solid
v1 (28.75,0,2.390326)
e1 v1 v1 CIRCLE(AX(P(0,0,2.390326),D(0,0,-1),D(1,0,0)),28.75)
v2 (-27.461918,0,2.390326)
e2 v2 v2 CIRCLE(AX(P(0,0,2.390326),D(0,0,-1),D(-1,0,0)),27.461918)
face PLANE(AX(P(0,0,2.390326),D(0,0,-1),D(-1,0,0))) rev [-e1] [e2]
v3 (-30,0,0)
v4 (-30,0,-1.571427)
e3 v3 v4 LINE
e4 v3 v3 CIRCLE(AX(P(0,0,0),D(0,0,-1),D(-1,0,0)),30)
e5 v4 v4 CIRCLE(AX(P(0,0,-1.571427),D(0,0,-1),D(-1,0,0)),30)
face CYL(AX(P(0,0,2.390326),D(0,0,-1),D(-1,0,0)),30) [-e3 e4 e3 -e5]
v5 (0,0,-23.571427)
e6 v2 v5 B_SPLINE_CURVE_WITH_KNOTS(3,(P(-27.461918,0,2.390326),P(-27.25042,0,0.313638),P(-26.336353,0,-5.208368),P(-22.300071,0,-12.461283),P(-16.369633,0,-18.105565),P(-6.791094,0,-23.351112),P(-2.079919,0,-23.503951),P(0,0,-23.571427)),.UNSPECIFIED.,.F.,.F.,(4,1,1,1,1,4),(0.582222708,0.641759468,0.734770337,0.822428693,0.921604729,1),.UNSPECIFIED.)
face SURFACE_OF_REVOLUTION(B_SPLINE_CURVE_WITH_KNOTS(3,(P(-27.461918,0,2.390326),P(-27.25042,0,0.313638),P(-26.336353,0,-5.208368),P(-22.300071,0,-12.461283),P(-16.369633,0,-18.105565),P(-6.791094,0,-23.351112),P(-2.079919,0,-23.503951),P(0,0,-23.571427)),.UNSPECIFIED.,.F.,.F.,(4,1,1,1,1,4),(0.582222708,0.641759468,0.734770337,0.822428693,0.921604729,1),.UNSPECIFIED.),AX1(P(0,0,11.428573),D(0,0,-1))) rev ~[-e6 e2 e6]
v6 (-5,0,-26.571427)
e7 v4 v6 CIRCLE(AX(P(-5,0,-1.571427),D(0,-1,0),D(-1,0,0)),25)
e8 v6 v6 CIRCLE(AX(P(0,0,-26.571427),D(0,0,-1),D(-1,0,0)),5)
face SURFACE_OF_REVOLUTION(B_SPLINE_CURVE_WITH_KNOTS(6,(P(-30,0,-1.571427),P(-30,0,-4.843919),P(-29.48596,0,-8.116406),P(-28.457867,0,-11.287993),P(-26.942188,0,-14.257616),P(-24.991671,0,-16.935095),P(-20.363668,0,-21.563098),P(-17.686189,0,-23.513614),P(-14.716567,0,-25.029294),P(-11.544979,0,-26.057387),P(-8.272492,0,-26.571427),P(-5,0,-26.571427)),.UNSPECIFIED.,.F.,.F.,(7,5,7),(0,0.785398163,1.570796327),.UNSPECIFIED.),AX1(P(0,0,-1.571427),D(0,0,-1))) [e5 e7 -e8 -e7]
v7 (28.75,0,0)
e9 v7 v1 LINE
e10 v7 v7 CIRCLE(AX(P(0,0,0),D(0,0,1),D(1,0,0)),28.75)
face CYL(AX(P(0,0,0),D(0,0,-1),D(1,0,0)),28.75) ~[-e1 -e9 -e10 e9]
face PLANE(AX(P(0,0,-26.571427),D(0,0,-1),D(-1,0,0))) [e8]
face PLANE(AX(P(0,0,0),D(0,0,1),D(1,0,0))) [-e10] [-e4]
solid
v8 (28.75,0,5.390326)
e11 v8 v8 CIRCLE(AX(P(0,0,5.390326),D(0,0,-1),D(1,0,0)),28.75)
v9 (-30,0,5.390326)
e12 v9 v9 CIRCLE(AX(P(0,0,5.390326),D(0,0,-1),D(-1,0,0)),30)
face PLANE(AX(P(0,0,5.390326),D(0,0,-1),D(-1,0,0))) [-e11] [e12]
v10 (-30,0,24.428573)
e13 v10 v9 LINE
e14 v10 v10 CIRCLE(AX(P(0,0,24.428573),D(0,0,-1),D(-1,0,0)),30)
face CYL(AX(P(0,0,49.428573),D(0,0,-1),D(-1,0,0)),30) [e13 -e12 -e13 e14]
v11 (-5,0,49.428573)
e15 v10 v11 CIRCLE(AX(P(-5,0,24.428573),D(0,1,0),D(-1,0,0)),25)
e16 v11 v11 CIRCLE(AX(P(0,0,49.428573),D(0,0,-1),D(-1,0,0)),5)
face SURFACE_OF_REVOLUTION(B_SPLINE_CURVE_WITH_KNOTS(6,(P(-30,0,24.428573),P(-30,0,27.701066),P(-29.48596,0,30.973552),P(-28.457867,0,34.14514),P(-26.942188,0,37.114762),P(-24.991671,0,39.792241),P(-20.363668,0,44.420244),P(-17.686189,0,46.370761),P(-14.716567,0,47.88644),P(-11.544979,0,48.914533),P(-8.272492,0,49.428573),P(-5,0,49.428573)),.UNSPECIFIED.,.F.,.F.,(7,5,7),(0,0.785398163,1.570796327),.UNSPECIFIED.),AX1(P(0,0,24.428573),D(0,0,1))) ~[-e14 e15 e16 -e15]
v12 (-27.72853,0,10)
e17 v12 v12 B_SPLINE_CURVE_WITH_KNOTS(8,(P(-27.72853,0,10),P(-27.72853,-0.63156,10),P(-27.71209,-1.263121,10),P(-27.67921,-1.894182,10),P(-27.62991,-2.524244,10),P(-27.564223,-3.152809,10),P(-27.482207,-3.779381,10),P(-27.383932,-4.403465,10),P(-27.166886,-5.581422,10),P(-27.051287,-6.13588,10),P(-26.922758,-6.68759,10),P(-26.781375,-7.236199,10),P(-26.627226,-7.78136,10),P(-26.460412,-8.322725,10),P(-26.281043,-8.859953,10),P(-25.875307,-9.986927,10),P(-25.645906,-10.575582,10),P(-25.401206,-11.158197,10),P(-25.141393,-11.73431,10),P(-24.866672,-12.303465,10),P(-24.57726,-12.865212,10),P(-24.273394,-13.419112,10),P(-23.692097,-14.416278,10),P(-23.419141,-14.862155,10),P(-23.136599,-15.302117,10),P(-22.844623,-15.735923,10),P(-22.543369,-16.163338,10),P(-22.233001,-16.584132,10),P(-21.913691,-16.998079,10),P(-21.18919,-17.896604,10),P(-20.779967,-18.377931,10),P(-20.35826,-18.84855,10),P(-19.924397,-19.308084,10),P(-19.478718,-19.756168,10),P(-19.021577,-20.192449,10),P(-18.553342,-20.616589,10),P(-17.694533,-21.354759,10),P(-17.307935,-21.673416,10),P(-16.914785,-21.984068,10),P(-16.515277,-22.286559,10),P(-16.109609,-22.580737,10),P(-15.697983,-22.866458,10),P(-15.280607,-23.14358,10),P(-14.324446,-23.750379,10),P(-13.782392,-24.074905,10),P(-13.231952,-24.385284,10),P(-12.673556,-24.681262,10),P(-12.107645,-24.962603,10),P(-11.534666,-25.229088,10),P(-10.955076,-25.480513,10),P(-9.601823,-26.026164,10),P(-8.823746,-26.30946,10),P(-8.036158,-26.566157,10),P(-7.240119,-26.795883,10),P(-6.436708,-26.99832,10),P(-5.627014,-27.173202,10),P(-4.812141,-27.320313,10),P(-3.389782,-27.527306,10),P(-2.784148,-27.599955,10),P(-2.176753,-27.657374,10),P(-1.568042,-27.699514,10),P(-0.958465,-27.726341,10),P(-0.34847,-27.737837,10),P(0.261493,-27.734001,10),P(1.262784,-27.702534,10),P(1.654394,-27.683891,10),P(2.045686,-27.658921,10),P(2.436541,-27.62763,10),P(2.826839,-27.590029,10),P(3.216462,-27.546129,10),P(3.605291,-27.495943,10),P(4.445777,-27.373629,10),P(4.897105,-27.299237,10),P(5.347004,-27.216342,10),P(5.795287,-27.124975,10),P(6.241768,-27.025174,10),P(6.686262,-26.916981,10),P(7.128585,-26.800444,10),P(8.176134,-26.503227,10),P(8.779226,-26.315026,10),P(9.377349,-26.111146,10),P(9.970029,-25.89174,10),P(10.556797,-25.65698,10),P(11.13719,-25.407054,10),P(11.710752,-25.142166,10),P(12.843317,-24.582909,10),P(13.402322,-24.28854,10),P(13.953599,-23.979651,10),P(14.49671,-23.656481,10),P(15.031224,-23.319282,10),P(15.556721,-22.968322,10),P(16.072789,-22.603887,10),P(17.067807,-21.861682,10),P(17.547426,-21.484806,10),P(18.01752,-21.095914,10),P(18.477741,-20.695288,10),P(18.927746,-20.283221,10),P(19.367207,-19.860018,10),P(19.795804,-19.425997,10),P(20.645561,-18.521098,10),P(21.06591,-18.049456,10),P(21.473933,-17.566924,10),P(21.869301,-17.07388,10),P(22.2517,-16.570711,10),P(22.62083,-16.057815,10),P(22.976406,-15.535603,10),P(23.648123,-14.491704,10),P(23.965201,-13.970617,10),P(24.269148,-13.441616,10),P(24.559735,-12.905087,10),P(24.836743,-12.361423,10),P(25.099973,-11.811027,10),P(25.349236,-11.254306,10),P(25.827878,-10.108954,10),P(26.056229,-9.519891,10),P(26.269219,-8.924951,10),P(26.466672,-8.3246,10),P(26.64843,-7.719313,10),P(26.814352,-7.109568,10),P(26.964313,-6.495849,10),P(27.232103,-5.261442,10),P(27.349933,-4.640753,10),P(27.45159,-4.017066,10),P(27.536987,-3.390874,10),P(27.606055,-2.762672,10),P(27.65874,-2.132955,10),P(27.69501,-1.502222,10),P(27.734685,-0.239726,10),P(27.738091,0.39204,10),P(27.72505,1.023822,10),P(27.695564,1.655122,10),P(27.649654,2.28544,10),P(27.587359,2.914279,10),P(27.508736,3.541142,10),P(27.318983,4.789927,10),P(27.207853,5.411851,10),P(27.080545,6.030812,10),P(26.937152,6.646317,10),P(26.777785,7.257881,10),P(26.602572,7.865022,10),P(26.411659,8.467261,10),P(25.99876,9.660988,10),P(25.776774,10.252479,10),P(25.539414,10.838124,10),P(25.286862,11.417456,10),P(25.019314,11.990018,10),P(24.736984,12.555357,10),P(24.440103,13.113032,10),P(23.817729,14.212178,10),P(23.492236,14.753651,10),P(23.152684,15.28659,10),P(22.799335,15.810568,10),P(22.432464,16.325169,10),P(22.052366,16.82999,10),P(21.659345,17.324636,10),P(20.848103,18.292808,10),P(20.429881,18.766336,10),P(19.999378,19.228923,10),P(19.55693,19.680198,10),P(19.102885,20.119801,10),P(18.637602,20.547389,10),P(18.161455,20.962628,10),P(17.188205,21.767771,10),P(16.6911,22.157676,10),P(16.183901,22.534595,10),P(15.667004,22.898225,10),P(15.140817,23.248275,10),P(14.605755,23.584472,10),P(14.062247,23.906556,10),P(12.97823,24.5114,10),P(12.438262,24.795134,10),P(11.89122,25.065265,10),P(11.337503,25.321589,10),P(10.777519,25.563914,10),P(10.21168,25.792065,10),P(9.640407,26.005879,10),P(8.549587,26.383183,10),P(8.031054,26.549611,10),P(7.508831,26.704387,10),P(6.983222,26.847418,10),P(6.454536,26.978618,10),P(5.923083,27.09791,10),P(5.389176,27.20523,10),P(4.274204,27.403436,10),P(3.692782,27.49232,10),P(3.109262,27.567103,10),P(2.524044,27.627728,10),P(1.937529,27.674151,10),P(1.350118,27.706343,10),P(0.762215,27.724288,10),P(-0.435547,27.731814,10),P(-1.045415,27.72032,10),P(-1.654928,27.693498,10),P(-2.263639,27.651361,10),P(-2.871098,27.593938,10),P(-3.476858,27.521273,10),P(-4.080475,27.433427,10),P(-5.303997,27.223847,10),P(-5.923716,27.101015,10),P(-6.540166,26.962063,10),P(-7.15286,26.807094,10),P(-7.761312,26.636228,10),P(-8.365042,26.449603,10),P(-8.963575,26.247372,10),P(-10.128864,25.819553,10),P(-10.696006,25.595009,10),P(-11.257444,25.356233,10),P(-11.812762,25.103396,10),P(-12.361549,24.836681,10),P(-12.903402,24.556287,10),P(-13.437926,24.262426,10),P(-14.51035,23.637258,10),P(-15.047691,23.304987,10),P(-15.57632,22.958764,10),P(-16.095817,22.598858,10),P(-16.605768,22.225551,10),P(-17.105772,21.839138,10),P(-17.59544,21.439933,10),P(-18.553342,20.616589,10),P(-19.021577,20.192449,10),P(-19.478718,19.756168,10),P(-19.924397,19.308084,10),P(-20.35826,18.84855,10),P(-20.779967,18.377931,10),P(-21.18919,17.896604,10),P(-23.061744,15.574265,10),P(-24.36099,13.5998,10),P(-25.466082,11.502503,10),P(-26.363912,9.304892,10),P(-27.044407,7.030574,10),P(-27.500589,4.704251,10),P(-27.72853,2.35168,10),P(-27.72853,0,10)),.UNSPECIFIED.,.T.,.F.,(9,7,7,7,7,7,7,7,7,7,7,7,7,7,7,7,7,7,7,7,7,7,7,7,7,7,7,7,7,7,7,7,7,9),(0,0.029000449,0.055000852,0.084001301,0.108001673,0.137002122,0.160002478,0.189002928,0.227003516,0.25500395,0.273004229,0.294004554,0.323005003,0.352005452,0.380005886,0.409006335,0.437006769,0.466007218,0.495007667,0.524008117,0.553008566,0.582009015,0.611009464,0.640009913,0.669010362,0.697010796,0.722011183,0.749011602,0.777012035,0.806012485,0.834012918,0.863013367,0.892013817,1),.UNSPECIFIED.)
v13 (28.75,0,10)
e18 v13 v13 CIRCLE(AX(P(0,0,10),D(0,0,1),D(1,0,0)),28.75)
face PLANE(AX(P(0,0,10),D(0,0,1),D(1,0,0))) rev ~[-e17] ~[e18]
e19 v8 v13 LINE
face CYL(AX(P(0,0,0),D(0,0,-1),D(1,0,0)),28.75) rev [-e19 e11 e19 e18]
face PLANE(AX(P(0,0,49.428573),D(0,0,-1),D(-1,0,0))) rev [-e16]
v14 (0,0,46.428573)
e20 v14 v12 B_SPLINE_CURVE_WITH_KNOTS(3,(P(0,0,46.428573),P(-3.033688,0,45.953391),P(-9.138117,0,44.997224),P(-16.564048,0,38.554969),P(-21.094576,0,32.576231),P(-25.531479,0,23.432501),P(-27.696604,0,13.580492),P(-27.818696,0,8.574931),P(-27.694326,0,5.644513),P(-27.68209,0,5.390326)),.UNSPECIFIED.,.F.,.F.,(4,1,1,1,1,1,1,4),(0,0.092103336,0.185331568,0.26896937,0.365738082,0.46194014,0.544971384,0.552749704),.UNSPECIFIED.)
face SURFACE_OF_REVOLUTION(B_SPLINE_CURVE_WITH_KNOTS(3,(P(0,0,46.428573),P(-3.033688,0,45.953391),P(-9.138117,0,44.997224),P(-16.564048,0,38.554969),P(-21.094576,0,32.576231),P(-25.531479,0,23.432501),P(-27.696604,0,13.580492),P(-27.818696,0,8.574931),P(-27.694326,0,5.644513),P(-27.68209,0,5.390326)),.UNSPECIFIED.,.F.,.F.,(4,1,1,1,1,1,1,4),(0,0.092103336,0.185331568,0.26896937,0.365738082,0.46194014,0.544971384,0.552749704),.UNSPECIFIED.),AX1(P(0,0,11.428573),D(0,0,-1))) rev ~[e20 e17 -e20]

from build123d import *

# Parameters (mm, degrees)
F2_R     = 25
F4_R     = 25
F5_R     = 28.75
F6_DEPTH = 10
F5_R_2   = 30
F7_DEPTH = 3


with BuildPart() as f1:
    # F0 (on Front) → F1 (revolve)
    with BuildSketch(Plane.XZ):
        with BuildLine():
            add(Edge.make_bspline(
                [(0, 46.4285731532), (-3.0336884151, 45.9533913125), (-9.1381169075, 44.9972240434), (-16.5640476024, 38.5549685221), (-21.0945764733, 32.5762312221), (-25.5314789576, 23.4325014201), (-27.6966039196, 13.5804920532), (-27.8186964321, 8.5749305692), (-27.6943262747, 5.6445129926), (-27.6820895485, 5.3903263004)],
                knots=[0, 0, 0, 0, 0.0921033363, 0.1853315678, 0.26896937, 0.3657380818, 0.4619401399, 0.5449713841, 0.5527497038, 0.5527497038, 0.5527497038, 0.5527497038], degree=3))
            Line((0, 46.4285731532), (0, 49.4285731532))
            Line((0, 49.4285731532), (-30, 49.4285731532))
            Line((-30, 49.4285731532), (-30, 48.2053891704))
            Line((-30, 48.2053891704), (-30, 5.3903263004))
            Line((-30, 5.3903263004), (-27.6820895485, 5.3903263004))
        make_face()
    revolve(axis=Axis((0, 0, 11.4285731532), (0, 0, -1)))

    # F2
    f2_edges = [f1.edges().sort_by_distance(p)[0] for p in [
        (30, 0, 49.428573),
    ]]
    fillet(f2_edges, radius=F2_R)

    # F5 (on Top) → F6 (cut)
    with BuildSketch(Plane.XY):
        Circle(F5_R)
    extrude(amount=F6_DEPTH, mode=Mode.SUBTRACT)


with BuildPart() as f3:
    # F0 (on Front) → F3 (revolve)
    with BuildSketch(Plane.XZ):
        with BuildLine():
            Line((0, -26.5714268468), (0, -23.5714268468))
            add(Edge.make_bspline(
                [(-27.4619179855, 2.3903263004), (-27.2504196955, 0.3136378959), (-26.3363530154, -5.2083679716), (-22.3000712492, -12.4612826037), (-16.369632818, -18.1055645784), (-6.7910940675, -23.3511123408), (-2.0799186612, -23.5039507895), (0, -23.5714268468)],
                knots=[0.5822227079, 0.5822227079, 0.5822227079, 0.5822227079, 0.6417594677, 0.7347703368, 0.8224286932, 0.9216047286, 1, 1, 1, 1], degree=3))
            Line((-27.4619179855, 2.3903263004), (-30, 2.3903263004))
            Line((-30, 2.3903263004), (-30, -21.7946108296))
            Line((-30, -21.7946108296), (-30, -26.5714268468))
            Line((-30, -26.5714268468), (0, -26.5714268468))
        make_face()
    revolve(axis=Axis((0, 0, 11.4285731532), (0, 0, -1)))

    # F4
    f4_edges = [f3.edges().sort_by_distance(p)[0] for p in [
        (30, 0, -26.571427),
    ]]
    fillet(f4_edges, radius=F4_R)

    # F5 (on Top) → F7 (cut)
    with BuildSketch(Plane.XY):
        Circle(F5_R_2)
        Circle(F5_R, mode=Mode.SUBTRACT)
    extrude(amount=F7_DEPTH, mode=Mode.SUBTRACT)


solid = Compound([f1.part, f3.part])
